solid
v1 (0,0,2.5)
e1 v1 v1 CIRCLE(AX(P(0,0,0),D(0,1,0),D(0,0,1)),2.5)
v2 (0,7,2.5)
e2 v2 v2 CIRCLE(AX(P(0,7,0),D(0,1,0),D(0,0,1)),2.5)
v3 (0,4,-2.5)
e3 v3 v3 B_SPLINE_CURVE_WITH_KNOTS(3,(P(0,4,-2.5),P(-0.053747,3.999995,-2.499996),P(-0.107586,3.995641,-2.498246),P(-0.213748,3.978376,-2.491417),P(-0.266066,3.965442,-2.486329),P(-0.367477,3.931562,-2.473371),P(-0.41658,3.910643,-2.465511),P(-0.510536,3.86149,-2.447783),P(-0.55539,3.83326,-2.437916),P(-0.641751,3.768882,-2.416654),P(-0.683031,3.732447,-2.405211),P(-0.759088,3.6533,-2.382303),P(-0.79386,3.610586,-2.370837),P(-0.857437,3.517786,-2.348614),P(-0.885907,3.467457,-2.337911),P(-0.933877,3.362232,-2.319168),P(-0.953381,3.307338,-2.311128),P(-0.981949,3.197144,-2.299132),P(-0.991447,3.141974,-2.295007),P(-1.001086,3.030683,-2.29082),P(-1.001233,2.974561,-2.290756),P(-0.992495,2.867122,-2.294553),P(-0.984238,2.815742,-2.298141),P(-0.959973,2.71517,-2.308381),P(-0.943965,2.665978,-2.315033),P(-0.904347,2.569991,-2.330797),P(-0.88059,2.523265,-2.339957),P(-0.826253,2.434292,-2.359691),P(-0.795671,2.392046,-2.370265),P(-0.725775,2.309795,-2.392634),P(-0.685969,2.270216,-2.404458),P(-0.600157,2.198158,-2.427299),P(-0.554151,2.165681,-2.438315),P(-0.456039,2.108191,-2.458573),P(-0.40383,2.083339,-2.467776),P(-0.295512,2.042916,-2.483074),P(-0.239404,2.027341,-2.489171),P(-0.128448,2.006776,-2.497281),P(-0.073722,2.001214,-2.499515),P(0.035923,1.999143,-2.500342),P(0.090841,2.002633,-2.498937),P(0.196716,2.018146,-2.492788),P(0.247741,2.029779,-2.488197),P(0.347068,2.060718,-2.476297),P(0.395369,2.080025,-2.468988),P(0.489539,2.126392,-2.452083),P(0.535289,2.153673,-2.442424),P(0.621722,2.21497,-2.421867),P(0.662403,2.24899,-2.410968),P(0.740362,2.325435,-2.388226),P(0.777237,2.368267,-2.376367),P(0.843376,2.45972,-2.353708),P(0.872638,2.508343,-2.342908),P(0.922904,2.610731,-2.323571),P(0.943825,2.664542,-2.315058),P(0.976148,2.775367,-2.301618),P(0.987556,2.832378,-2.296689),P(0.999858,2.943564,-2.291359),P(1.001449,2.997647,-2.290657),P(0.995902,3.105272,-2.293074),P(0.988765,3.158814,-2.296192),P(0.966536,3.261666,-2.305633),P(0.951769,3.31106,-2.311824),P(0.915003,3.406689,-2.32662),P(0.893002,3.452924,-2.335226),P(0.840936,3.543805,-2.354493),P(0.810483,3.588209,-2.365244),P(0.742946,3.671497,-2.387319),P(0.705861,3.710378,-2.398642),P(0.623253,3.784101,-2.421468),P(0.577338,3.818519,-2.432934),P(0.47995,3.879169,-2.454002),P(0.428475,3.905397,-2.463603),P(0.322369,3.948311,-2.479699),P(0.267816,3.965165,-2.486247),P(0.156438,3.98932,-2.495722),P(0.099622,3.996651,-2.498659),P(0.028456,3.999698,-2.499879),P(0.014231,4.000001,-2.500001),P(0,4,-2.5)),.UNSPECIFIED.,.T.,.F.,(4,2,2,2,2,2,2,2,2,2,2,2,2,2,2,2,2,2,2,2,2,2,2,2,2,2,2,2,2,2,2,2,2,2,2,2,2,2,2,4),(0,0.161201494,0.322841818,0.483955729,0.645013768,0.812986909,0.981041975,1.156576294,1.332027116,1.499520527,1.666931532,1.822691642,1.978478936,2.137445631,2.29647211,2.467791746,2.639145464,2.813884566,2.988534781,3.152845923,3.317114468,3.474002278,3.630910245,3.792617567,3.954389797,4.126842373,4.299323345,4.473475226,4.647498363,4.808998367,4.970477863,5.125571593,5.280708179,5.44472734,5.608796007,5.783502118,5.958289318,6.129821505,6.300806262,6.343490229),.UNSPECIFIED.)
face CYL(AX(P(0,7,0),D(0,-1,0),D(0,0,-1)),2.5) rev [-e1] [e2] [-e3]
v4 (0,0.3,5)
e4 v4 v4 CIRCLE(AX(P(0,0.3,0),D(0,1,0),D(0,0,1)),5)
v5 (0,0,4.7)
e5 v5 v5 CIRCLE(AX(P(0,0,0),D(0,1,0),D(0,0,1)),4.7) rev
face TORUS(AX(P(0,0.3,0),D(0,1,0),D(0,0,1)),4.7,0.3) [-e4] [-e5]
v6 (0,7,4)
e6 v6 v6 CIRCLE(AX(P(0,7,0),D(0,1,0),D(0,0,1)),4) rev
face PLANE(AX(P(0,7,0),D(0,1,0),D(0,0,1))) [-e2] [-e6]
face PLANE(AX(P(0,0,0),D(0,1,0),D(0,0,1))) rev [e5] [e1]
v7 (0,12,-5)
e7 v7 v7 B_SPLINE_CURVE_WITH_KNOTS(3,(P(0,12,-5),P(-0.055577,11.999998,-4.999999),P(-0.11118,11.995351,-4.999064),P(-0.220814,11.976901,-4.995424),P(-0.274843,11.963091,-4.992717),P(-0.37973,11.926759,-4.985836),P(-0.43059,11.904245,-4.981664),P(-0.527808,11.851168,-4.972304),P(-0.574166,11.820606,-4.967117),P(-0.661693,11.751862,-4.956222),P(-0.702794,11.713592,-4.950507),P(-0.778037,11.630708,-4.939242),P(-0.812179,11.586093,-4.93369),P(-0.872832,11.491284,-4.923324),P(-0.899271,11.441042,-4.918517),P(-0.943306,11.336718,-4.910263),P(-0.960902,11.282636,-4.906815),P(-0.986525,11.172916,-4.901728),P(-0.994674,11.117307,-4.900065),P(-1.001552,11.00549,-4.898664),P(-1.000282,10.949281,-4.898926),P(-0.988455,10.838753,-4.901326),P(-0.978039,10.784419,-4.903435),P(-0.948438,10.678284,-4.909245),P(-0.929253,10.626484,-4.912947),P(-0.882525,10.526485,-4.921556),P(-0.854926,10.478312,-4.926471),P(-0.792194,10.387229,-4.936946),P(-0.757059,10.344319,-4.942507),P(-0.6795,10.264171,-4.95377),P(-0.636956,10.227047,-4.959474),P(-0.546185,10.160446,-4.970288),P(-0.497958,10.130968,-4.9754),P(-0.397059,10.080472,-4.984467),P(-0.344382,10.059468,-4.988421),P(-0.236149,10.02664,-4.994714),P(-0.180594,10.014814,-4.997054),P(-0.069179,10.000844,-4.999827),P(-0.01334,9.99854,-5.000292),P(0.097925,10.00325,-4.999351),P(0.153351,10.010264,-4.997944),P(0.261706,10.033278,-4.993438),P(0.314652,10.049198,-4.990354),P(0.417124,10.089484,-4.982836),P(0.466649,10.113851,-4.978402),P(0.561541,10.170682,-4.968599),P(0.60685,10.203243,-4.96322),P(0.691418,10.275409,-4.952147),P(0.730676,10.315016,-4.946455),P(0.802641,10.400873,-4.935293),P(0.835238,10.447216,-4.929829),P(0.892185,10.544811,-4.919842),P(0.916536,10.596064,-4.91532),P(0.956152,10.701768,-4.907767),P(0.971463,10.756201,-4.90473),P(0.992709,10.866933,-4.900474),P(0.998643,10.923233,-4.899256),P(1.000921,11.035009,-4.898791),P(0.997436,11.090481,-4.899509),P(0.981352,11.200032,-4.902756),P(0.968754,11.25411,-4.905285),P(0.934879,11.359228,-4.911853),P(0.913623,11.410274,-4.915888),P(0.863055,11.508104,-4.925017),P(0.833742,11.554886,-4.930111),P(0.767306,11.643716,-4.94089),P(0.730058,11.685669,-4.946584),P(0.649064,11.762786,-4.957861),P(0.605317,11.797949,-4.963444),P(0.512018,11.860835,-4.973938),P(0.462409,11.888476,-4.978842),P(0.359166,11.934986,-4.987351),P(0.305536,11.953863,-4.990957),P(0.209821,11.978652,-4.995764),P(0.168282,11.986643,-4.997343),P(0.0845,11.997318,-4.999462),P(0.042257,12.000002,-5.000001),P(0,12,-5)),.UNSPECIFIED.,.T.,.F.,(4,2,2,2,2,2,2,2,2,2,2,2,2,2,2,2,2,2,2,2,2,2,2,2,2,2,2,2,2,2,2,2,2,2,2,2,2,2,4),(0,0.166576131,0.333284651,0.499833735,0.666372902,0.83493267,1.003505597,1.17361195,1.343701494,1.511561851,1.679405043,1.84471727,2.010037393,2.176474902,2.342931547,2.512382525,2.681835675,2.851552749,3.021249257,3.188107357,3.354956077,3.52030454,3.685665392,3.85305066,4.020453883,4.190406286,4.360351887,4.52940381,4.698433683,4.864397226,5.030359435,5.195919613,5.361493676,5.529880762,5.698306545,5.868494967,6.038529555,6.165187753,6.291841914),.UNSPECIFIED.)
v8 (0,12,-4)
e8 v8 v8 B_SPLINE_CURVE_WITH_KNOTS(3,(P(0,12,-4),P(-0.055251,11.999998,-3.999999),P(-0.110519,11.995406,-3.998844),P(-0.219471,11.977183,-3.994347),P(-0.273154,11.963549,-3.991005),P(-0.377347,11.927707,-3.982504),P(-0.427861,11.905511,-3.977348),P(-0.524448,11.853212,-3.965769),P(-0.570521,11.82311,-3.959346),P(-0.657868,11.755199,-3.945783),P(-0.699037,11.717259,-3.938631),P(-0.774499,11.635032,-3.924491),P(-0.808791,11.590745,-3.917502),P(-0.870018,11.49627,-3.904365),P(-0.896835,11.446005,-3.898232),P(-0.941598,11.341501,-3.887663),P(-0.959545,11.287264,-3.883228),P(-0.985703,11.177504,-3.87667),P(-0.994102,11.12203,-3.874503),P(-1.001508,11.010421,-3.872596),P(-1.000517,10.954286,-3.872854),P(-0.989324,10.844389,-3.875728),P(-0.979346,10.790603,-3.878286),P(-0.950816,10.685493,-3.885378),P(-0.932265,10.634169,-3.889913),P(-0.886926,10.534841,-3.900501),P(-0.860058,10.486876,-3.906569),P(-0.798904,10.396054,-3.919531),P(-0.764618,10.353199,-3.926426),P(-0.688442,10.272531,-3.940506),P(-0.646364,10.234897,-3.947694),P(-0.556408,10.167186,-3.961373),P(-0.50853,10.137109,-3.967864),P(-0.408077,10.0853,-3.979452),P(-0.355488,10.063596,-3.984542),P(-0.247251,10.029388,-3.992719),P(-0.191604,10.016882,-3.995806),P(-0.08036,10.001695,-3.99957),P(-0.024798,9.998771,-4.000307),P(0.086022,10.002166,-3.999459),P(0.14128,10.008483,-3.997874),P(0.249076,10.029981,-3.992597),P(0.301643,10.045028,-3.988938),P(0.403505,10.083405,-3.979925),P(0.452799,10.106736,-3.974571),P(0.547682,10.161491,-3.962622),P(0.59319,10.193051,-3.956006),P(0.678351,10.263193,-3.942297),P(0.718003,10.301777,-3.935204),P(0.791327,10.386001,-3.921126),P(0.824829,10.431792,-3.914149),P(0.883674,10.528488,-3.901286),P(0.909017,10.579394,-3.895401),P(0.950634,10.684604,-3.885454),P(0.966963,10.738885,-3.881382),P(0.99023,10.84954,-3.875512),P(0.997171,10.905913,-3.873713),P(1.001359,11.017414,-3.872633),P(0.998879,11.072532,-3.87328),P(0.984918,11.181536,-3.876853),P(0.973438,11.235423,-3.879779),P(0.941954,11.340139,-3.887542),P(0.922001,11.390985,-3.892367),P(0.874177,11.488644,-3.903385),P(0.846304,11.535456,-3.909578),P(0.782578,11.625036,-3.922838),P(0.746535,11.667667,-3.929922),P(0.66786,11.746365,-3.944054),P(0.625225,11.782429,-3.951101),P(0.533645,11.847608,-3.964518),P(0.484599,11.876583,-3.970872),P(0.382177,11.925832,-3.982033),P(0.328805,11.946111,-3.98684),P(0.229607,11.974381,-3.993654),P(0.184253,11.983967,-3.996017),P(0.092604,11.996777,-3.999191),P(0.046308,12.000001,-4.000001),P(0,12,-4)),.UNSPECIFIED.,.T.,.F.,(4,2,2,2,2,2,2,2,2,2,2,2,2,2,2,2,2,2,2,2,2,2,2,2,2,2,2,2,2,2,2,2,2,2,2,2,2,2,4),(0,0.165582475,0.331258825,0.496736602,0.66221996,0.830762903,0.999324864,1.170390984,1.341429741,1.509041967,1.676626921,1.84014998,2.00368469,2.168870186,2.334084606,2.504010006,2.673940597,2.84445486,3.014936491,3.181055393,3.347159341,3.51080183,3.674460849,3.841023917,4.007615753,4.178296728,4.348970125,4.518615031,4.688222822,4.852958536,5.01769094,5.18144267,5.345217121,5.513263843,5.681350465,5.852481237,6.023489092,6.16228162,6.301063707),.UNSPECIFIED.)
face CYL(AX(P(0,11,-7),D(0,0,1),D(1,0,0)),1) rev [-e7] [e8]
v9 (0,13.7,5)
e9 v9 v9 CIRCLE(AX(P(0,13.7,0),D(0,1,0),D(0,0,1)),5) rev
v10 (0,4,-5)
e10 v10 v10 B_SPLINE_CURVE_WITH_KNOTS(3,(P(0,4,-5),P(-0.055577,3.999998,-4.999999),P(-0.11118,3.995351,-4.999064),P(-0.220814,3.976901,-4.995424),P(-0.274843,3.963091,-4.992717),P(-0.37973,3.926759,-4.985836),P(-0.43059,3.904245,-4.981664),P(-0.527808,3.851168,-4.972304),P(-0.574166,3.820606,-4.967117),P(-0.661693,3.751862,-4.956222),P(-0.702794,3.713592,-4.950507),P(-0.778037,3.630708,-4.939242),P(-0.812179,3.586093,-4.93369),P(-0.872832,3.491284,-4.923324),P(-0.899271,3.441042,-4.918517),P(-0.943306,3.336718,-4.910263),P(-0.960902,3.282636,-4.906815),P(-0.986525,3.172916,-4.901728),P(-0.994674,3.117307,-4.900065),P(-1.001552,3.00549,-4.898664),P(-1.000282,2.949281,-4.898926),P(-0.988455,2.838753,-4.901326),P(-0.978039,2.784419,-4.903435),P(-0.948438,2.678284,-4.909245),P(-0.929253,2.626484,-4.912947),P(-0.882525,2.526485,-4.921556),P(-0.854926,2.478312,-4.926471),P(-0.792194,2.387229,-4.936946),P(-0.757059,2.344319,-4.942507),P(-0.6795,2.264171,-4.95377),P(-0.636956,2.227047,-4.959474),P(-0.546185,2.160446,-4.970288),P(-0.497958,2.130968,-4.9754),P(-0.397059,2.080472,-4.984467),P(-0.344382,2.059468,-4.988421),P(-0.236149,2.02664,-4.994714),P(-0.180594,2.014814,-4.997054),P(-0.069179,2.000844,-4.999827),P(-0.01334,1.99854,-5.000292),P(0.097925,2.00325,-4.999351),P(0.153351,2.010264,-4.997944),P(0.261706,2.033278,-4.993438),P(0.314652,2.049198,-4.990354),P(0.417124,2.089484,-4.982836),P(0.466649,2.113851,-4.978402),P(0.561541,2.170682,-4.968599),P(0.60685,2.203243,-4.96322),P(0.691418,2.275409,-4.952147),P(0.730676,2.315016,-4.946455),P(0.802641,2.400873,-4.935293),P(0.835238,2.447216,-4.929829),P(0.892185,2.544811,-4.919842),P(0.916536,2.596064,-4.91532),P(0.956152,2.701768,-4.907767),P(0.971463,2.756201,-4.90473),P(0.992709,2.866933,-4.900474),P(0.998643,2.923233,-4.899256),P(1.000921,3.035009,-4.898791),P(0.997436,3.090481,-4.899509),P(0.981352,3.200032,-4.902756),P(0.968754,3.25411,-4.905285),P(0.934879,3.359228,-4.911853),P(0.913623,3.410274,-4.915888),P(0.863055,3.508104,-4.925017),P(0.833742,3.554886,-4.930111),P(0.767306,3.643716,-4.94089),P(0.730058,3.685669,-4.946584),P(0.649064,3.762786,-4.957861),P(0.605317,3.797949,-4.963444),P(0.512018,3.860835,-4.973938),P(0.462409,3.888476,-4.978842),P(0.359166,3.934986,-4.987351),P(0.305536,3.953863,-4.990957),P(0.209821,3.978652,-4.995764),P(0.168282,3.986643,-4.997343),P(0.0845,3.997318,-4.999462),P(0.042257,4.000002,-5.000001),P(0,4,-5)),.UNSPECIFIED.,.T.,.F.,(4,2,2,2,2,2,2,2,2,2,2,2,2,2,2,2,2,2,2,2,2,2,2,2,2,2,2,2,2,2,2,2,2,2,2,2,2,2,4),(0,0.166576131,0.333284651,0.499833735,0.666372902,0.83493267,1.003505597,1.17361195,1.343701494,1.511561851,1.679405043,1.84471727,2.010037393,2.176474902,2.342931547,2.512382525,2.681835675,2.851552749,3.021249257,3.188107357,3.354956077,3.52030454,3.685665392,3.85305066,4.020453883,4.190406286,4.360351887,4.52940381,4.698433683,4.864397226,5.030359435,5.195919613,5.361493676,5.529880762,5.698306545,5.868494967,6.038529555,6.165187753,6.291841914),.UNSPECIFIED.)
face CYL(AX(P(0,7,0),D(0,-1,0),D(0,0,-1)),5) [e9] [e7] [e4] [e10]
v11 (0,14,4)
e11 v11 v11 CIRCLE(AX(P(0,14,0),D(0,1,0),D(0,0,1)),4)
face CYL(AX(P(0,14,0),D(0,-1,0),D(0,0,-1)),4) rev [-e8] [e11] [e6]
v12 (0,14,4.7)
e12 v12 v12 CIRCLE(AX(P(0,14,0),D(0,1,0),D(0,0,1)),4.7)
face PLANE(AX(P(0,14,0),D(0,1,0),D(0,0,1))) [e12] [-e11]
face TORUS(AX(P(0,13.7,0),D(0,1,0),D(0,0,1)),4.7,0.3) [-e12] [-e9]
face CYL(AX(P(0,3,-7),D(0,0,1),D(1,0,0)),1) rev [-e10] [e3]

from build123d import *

# Parameters (mm, degrees)
SKETCH_1_R          = 5
SKETCH_1_R_2        = 2.5
EXTRUDE_1_DEPTH     = 7
SKETCH_2_R          = 5
SKETCH_2_R_2        = 4
EXTRUDE_2_DEPTH     = 7
FILLET_1_R          = 0.3
SKETCH_3_R          = 1
CUT_EXTRUDE_1_DEPTH = 7


with BuildPart() as part:
    # 草图1 → 凸台-拉伸1 (new body)
    with BuildSketch(Plane(origin=(0, 0, 0), x_dir=(1, 0, 0), z_dir=(0, 1, 0))):
        with Locations(Location((0, 0, 0), (0, 0, 270))):
            Circle(SKETCH_1_R)
        with Locations(Location((0, 0, 0), (0, 0, 270))):
            Circle(SKETCH_1_R_2, mode=Mode.SUBTRACT)
    extrude(amount=EXTRUDE_1_DEPTH)

    # 草图2 → 凸台-拉伸2 (add)
    with BuildSketch(Plane(origin=(0, 7, 0), x_dir=(1, 0, 0), z_dir=(0, 1, 0))):
        with Locations(Location((0, 0, 0), (0, 0, 270))):
            Circle(SKETCH_2_R)
        with Locations(Location((0, 0, 0), (0, 0, 270))):
            Circle(SKETCH_2_R_2, mode=Mode.SUBTRACT)
    extrude(amount=EXTRUDE_2_DEPTH)

    # 圆角1
    fillet_1_edges = [part.edges().sort_by_distance(p)[0] for p in [
        (0, 14, -5),
        (0, 0, -5),
    ]]
    fillet(fillet_1_edges, radius=FILLET_1_R)

    # 草图3 → 切除-拉伸1 (cut)
    with BuildSketch(Plane.XY):
        with Locations(Location((0, 11, 0), (0, 0, 90))):
            Circle(SKETCH_3_R)
        with Locations(Location((0, 3, 0), (0, 0, 90))):
            Circle(SKETCH_3_R)
    extrude(amount=-CUT_EXTRUDE_1_DEPTH, mode=Mode.SUBTRACT)


solid = part.part
